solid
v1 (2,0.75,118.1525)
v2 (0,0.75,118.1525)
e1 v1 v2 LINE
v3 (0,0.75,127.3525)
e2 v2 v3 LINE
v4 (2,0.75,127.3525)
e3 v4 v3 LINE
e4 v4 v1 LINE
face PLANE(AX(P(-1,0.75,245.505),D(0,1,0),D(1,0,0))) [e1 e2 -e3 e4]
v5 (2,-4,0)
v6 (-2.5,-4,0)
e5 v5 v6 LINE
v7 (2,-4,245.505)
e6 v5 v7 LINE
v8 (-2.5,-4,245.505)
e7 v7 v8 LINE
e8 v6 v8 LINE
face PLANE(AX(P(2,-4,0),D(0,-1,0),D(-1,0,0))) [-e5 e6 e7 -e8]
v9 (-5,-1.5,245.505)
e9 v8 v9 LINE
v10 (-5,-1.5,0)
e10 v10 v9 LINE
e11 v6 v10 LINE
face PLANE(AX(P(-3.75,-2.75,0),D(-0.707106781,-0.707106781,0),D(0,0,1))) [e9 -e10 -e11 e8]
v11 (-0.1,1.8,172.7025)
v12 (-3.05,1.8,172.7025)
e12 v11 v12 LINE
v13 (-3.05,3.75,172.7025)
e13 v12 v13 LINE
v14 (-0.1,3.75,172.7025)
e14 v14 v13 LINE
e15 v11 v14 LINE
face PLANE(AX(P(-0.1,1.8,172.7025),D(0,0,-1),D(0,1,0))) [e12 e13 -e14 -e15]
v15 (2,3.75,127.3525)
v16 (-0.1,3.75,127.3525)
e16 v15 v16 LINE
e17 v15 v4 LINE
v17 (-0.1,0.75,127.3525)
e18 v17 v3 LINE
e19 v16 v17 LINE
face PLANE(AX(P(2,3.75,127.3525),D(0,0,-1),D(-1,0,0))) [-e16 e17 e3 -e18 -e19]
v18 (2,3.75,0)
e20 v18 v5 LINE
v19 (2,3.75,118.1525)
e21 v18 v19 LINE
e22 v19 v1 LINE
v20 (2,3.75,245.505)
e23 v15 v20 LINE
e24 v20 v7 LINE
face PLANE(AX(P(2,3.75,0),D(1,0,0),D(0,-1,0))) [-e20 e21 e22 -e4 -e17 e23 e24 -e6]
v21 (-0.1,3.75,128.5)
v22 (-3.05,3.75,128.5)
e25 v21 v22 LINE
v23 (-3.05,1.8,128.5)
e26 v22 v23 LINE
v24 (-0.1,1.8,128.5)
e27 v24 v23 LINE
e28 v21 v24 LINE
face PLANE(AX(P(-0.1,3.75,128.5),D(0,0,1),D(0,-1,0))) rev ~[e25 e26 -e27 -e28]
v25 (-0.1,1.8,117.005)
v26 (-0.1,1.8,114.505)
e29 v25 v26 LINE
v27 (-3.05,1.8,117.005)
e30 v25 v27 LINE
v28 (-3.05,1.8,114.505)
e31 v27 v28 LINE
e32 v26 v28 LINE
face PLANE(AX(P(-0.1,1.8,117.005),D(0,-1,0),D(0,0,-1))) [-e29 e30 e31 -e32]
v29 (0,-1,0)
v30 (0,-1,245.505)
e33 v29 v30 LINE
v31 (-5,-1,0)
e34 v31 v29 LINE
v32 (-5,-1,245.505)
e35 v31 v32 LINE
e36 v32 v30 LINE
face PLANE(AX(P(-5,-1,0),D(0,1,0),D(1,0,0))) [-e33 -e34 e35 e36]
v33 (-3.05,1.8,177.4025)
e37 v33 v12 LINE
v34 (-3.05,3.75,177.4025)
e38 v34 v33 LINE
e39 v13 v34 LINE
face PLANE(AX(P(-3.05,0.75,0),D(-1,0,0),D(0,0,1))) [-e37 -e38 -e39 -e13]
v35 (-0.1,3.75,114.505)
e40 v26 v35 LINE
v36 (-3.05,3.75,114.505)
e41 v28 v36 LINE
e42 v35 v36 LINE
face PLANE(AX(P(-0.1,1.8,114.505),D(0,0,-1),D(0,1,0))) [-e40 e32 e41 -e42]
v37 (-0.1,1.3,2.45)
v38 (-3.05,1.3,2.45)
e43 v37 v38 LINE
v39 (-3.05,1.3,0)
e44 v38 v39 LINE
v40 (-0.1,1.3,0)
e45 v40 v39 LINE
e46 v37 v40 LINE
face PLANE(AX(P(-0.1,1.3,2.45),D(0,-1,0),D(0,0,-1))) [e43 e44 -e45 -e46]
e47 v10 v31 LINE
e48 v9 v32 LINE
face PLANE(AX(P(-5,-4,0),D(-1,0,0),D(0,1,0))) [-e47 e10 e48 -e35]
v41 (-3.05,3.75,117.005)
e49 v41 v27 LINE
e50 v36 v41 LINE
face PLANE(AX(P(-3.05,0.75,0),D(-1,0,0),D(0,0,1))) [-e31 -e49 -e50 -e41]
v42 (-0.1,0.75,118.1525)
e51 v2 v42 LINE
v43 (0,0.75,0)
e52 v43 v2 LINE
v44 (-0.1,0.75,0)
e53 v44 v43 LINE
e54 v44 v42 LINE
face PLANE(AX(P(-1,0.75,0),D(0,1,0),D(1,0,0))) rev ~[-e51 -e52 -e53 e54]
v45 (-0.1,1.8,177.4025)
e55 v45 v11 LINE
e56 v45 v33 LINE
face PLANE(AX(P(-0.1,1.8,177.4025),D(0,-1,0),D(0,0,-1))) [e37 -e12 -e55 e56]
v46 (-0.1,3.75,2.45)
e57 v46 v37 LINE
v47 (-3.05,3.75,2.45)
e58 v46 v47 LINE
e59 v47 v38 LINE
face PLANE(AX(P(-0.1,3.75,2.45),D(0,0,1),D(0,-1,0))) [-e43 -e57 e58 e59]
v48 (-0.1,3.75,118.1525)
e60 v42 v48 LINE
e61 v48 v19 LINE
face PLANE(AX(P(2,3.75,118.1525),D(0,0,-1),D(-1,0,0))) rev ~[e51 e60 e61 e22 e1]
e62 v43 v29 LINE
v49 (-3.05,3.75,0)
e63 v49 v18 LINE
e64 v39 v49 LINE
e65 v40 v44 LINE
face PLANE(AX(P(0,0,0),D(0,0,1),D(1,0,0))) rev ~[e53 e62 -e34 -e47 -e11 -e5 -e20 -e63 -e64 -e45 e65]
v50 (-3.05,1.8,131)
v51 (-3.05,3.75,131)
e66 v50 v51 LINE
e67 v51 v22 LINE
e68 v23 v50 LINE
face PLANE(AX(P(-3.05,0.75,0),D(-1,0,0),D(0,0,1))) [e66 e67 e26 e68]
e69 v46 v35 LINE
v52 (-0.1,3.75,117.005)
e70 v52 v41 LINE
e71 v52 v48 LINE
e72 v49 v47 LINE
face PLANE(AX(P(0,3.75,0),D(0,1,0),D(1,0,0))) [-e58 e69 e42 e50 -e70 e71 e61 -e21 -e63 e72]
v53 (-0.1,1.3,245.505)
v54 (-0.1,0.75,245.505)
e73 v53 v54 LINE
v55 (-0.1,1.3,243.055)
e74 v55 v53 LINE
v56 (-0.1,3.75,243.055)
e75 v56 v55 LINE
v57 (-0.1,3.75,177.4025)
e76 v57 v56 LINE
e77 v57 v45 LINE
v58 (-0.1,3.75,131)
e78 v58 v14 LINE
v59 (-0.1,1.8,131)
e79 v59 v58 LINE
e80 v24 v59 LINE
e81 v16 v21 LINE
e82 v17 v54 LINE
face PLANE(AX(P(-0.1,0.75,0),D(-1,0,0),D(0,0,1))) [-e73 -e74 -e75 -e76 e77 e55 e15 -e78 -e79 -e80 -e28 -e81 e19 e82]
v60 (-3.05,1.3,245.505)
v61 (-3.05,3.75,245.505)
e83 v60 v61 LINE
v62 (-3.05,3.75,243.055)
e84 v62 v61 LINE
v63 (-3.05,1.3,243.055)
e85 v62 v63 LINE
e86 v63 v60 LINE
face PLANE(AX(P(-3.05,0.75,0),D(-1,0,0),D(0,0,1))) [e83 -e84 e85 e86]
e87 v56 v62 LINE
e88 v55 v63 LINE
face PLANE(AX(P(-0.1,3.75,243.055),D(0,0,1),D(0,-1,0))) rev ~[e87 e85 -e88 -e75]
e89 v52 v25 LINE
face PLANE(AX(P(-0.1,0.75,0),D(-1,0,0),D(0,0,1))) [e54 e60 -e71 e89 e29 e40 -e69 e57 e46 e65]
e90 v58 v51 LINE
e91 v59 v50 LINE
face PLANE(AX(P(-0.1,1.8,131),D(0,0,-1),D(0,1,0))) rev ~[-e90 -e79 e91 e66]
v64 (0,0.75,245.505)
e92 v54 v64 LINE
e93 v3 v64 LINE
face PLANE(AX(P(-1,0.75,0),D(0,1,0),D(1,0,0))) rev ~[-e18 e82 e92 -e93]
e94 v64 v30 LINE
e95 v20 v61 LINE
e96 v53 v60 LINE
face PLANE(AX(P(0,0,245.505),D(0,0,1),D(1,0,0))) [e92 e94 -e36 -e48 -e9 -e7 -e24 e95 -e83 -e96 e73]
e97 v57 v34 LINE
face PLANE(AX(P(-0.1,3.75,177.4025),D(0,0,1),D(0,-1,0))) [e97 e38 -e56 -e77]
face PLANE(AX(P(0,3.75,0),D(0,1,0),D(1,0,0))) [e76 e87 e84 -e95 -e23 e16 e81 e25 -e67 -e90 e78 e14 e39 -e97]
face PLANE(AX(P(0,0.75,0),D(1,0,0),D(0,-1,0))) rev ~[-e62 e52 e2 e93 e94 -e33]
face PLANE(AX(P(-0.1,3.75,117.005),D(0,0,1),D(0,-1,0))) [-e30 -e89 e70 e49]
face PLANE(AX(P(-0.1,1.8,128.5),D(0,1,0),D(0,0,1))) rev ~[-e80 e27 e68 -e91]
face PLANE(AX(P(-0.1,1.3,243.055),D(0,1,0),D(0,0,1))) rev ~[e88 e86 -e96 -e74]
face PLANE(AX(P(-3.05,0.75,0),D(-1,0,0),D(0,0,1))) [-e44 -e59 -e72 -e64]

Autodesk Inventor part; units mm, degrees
ref_plane "YZ Plane" through (0, 0, 0) normal (1, 0, 0) x (0, 1, 0)
ref_plane "XZ Plane" through (0, 0, 0) normal (0, 1, 0) x (-1, 0, 0)
ref_plane "XY Plane" through (0, 0, 0) normal (0, 0, 1) x (1, 0, 0)
sketch "Sketch1" plane through (0, 0, 0) normal (0, 0, 1) x (1, 0, 0)
  line L0 (0, 3.75) -> (2, 3.75)
  line L1 (2, 3.75) -> (2, -4)
  line L2 (2, -4) -> (0, -4)
  line L3 (0, -4) -> (0, 3.75) construction
  line L4 (0, -4) -> (-5, -4)
  line L5 (-5, -4) -> (-5, -1)
  line L6 (-5, -1) -> (0, -1)
  line L7 (0, 3.75) -> (-1, 3.75)
  line L8 (-1, 3.75) -> (-1, 0.75)
  line L9 (-1, 0.75) -> (0, 0.75)
  line L10 (0, 0.75) -> (0, 3.75) construction
  line L11 (0, 0.75) -> (0, -1)
  point P0 (0, 0)
  point P1 (0, -0.125)
  point P2 (1, 3.75)
  dimension "d0" = 4
  dimension "d1" = 2
  dimension "d5" = 5
  dimension "d6" = 1.75
  dimension "d7" = 3
  dimension "d11" = 3
  dimension "d12" = 3
extrude "Extrusion1" add sketch "Sketch1" along normal blind 245.505
sketch "Sketch2" plane through (-1, 3.75, 245.505) normal (0, 1, 0) x (1, 0, 0)
  line L0 (3, 245.505) -> (3, 0) construction
  line L1 (3, 122.7525) -> (1, 122.7525) construction
  line L2 (1, 245.505) -> (1, 0) construction
  line L3 (3, 127.3525) -> (1, 127.3525)
  line L4 (1, 127.3525) -> (1, 118.1525) construction
  line L5 (1, 118.1525) -> (3, 118.1525) construction
  line L6 (3, 118.1525) -> (3, 127.3525)
  line L7 (3, 122.7525) -> (1, 122.7525) construction
  line L8 (3, 118.1525) -> (1, 118.1525)
  line L9 (1, 127.3525) -> (0, 127.3525)
  line L10 (0, 245.505) -> (0, 0) projected
  line L11 (0, 127.3525) -> (0, 118.1525)
  line L12 (0, 118.1525) -> (1, 118.1525)
  point P0 (0, 118.1525)
  dimension "d13" = 9.2
extrude "Extrusion2" cut sketch "Sketch2" against normal up to surface (3 mm away)
sketch "Sketch3" plane through (-1, 0.75, 0) normal (-1, 0, 0) x (0, 0, 1)
  line L0 (118.1525, 0) -> (118.1525, 3) projected
  line L1 (0, 3) -> (118.1525, 3) projected
  line L2 (0, 3) -> (0, 0) projected
  line L3 (0, 0) -> (118.1525, 0) projected
  line L4 (127.3525, 3) -> (127.3525, 0) projected
  line L5 (127.3525, 0) -> (245.505, 0) projected
  line L6 (245.505, 3) -> (245.505, 0) projected
  line L7 (127.3525, 3) -> (245.505, 3) projected
  point P0 (0, -0.75)
extrude "Extrusion3" cut sketch "Sketch3" against normal blind 0.9
chamfer "Chamfer1" distance 2.5 angle 45 1 edges at (-5, -4, 122.7525)
sketch "Sketch4" plane through (-0.1, 0.75, 0) normal (-1, 0, 0) x (0, 0, 1)
  line L0 (0, 3) -> (118.1525, 3) projected
  line L1 (0, 3) -> (2.45, 3)
  line L2 (2.45, 3) -> (2.45, 0.55)
  line L3 (2.45, 0.55) -> (0, 0.55)
  line L4 (0, 0.55) -> (0, 3)
  line L5 (127.3525, 3) -> (245.505, 3) projected
  line L6 (245.505, 3) -> (243.055, 3)
  line L7 (243.055, 3) -> (243.055, 0.55)
  line L8 (243.055, 0.55) -> (245.505, 0.55)
  line L9 (245.505, 0.55) -> (245.505, 3)
  line L10 (0, 3) -> (2.45, 3)
  line L11 (2.45, 3) -> (2.45, 0.55)
  line L12 (245.505, 3) -> (243.055, 3)
  line L13 (243.055, 3) -> (243.055, 0.55)
  point P0 (0, -0.75)
  dimension "d21" = 2.45
  dimension "d22" = 2.45
  dimension "d23" = 2.45
  dimension "d24" = 2.45
extrude "Extrusion4" add sketch "Sketch4" along normal blind 2.95
sketch "Sketch5" plane through (-0.1, 0.75, 0) normal (-1, 0, 0) x (0, 0, 1)
  line L0 (114.505, 2.85) -> (114.505, 0.85) construction
  line L1 (131, 0.85) -> (131, 2.85) construction
  line L2 (131, 2.85) -> (131, 3) construction
  line L3 (127.3525, 3) -> (243.055, 3) construction
  line L4 (114.505, 2.85) -> (114.505, 3) construction
  line L5 (114.505, 3) -> (117.005, 3)
  line L6 (117.005, 3) -> (117.005, 1.05)
  line L7 (117.005, 1.05) -> (114.505, 1.05)
  line L8 (114.505, 1.05) -> (114.505, 3)
  line L9 (131, 3) -> (128.5, 3)
  line L10 (128.5, 3) -> (128.5, 1.05)
  line L11 (128.5, 1.05) -> (131, 1.05)
  line L12 (131, 1.05) -> (131, 3)
  line L13 (2.45, 3) -> (118.1525, 3) projected
  point P0 (0, -0.75)
  dimension "d27" = 2.5
  dimension "d28" = 2.5
  dimension "d29" = 1.95
extrude "Extrusion5" add sketch "Sketch5" along normal blind 2.95
sketch "Sketch6" plane through (-0.1, 0.75, 0) normal (-1, 0, 0) x (0, 0, 1)
  line L0 (172.5025, 2.85) -> (172.5025, 0.85) construction
  line L1 (177.6025, 0.85) -> (177.6025, 2.85) construction
  line L2 (177.6025, 2.85) -> (177.6025, 3) construction
  line L3 (131, 3) -> (243.055, 3) construction
  line L4 (172.5025, 2.85) -> (172.5025, 3) construction
  line L5 (172.7025, 3) -> (177.4025, 3)
  line L6 (177.4025, 3) -> (177.4025, 1.05)
  line L7 (177.4025, 1.05) -> (172.7025, 1.05)
  line L8 (172.7025, 1.05) -> (172.7025, 3)
  point P0 (0, -0.75)
  dimension "d32" = 0.2
  dimension "d33" = 0.2
  dimension "d34" = 1.95
extrude "Extrusion6" add sketch "Sketch6" along normal blind 2.95
properties part number "Top Case Rail" material "PET Plastic"
